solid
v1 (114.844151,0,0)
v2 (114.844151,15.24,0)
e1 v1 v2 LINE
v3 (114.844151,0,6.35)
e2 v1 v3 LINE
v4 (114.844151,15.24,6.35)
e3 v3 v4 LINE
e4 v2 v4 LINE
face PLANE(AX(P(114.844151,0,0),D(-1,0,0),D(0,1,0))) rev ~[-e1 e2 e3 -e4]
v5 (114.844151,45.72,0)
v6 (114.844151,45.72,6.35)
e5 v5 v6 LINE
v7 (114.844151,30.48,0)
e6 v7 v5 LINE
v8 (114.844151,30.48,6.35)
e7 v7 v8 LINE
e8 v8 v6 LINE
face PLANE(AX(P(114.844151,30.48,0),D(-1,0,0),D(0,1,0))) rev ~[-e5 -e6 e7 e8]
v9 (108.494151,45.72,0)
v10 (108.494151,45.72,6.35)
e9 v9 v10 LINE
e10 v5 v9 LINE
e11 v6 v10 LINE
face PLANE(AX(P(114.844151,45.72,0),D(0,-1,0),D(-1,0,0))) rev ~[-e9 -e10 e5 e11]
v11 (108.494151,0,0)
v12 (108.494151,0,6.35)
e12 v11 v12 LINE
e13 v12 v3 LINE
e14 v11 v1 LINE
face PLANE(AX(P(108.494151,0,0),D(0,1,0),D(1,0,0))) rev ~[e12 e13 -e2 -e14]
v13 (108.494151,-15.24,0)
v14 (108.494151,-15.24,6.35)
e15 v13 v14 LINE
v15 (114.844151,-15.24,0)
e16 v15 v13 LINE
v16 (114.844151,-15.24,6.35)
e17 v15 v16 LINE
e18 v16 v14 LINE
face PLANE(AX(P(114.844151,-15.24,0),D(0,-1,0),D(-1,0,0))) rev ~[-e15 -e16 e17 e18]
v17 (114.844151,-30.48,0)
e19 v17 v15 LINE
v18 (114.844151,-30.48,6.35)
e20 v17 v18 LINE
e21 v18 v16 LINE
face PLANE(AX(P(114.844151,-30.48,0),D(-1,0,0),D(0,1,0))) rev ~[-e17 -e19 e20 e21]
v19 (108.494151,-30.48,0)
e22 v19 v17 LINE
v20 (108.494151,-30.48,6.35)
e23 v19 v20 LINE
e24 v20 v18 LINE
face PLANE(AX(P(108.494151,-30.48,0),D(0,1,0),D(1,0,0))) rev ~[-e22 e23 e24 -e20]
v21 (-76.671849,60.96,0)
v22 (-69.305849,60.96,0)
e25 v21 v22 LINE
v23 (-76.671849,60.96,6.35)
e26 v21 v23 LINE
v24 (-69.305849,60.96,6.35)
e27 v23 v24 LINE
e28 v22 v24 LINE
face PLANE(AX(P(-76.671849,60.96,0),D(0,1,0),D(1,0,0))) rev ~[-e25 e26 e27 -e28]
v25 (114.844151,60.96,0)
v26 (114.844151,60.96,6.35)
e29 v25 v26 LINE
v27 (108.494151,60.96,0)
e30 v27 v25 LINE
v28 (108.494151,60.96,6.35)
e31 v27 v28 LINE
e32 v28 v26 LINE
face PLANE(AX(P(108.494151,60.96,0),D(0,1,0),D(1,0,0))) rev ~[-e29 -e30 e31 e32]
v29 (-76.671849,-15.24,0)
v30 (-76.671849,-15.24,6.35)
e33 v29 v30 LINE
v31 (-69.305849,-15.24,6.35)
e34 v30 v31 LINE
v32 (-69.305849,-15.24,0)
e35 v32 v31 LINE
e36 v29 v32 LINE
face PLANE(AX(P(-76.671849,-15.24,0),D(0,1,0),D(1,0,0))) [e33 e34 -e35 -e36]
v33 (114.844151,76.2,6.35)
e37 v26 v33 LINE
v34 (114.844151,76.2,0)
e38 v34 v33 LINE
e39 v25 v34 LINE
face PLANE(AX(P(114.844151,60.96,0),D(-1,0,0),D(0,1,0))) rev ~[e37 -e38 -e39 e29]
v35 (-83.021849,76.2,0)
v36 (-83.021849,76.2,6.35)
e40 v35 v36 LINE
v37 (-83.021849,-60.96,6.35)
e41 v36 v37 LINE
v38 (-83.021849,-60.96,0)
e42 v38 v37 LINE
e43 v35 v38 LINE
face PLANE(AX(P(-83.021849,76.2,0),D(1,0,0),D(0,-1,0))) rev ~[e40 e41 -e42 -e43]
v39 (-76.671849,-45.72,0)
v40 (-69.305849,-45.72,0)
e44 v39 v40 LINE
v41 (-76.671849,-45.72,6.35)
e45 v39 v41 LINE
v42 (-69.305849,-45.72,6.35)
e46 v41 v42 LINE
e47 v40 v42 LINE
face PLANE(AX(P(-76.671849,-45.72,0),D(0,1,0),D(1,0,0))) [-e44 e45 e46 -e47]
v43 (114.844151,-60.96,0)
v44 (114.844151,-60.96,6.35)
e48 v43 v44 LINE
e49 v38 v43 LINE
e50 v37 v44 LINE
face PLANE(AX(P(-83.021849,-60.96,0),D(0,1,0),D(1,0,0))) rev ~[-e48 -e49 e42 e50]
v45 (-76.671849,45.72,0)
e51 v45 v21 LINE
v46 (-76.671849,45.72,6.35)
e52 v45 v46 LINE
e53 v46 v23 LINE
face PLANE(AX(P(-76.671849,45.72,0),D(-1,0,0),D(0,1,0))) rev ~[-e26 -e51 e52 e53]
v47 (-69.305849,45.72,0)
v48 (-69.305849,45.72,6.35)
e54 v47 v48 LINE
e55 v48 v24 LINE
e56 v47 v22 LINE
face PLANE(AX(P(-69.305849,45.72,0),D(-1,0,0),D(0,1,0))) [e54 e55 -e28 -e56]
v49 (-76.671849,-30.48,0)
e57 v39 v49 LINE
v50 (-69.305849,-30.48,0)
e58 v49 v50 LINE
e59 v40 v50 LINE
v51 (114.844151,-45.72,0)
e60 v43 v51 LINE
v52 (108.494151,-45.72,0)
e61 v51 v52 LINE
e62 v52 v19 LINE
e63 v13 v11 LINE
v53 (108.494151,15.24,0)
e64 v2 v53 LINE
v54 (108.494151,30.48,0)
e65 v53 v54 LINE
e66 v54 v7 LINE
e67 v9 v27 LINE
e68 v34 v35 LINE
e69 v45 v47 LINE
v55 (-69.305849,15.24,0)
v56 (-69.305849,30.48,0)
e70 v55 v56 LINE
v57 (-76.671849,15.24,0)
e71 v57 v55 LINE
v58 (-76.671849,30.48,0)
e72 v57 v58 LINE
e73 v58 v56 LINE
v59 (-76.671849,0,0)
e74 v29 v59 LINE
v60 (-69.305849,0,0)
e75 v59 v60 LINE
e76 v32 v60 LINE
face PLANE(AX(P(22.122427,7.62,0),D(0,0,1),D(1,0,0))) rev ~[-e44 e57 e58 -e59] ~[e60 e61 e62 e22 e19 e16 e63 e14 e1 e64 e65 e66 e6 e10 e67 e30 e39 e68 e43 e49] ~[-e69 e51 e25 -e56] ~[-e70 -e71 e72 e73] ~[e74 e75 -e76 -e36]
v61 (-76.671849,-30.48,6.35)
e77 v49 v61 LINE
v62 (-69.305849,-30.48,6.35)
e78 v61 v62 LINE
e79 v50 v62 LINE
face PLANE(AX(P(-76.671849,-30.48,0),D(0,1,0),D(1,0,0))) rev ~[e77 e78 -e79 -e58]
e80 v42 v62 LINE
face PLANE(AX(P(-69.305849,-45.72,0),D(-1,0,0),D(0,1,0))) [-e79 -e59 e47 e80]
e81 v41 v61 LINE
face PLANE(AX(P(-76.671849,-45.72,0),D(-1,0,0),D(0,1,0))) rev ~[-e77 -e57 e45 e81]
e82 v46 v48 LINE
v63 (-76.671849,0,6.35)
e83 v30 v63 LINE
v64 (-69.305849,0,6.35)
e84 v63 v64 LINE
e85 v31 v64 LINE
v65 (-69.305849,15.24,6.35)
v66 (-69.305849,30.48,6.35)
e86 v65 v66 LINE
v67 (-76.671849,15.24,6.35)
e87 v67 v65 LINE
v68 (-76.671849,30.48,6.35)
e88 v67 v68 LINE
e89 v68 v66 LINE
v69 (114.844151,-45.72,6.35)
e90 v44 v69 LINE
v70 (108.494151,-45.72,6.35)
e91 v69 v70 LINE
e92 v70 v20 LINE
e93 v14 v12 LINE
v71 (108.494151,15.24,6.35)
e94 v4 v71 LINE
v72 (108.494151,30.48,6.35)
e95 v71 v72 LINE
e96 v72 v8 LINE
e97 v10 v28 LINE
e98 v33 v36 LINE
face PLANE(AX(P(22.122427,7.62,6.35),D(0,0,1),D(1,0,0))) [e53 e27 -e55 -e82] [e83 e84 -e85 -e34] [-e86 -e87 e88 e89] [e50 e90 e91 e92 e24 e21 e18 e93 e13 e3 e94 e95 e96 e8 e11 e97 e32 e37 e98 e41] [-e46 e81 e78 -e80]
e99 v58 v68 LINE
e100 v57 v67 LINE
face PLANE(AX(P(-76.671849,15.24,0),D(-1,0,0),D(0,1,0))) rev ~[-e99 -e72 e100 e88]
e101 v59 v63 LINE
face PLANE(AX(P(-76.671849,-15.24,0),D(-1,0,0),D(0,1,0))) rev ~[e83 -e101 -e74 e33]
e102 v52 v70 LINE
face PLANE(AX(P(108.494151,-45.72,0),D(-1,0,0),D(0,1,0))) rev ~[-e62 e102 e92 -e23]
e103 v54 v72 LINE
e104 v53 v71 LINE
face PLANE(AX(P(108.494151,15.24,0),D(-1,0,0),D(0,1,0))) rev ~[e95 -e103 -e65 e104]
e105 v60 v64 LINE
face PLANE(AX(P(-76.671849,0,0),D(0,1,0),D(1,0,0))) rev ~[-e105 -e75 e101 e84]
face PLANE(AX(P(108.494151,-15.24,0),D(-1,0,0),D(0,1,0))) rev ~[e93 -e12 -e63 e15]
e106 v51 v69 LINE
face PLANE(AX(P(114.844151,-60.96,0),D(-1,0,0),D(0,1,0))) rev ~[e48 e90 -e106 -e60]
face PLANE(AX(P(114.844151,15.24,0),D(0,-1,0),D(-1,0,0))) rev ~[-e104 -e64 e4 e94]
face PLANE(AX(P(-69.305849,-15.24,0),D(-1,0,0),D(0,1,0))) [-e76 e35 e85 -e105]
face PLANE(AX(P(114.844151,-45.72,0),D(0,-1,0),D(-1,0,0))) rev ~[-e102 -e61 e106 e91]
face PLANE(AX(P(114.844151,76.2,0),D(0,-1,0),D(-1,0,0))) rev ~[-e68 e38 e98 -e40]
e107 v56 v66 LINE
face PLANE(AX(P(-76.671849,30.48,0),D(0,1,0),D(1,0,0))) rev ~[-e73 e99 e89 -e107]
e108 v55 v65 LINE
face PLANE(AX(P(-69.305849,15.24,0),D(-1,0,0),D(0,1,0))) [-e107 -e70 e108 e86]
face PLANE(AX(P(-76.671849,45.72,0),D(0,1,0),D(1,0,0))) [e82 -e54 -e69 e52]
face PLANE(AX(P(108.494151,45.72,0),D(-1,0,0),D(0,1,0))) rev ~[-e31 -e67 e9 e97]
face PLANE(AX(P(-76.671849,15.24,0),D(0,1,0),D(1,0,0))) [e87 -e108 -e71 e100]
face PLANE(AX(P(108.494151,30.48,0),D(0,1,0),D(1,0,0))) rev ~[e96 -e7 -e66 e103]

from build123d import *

# Parameters (mm, degrees)
F0_W     = 7.366
F0_H     = 15.24
F1_DEPTH = 6.35


with BuildPart() as f1:
    # F0 (on Top) → F1 (new body)
    with BuildSketch(Plane.XY):
        Polygon((108.494151, 76.2), (-69.305849, 76.2), (-76.671849, 76.2), (-83.021849, 76.2), (-83.021849, -60.96), (-76.671849, -60.96), (-69.305849, -60.96), (108.459485, -60.96), (114.844151, -60.96), (114.844151, -45.72), (108.494151, -45.72), (108.494151, -30.48), (114.844151, -30.48), (114.844151, -15.24), (108.494151, -15.24), (108.494151, 0), (114.844151, 0), (114.844151, 15.24), (108.494151, 15.24), (108.494151, 30.48), (114.844151, 30.48), (114.844151, 45.72), (108.494151, 45.72), (108.494151, 60.96), (114.844151, 60.96), (114.844151, 76.2), align=None)
        with Locations((-72.988849, -38.1)):
            Rectangle(F0_W, F0_H, mode=Mode.SUBTRACT)
        with Locations((-72.988849, -7.62)):
            Rectangle(F0_W, F0_H, mode=Mode.SUBTRACT)
        with Locations((-72.988849, 22.86)):
            Rectangle(F0_W, F0_H, mode=Mode.SUBTRACT)
        with Locations((-72.988849, 53.34)):
            Rectangle(F0_W, F0_H, mode=Mode.SUBTRACT)
    extrude(amount=F1_DEPTH)


solid = f1.part
